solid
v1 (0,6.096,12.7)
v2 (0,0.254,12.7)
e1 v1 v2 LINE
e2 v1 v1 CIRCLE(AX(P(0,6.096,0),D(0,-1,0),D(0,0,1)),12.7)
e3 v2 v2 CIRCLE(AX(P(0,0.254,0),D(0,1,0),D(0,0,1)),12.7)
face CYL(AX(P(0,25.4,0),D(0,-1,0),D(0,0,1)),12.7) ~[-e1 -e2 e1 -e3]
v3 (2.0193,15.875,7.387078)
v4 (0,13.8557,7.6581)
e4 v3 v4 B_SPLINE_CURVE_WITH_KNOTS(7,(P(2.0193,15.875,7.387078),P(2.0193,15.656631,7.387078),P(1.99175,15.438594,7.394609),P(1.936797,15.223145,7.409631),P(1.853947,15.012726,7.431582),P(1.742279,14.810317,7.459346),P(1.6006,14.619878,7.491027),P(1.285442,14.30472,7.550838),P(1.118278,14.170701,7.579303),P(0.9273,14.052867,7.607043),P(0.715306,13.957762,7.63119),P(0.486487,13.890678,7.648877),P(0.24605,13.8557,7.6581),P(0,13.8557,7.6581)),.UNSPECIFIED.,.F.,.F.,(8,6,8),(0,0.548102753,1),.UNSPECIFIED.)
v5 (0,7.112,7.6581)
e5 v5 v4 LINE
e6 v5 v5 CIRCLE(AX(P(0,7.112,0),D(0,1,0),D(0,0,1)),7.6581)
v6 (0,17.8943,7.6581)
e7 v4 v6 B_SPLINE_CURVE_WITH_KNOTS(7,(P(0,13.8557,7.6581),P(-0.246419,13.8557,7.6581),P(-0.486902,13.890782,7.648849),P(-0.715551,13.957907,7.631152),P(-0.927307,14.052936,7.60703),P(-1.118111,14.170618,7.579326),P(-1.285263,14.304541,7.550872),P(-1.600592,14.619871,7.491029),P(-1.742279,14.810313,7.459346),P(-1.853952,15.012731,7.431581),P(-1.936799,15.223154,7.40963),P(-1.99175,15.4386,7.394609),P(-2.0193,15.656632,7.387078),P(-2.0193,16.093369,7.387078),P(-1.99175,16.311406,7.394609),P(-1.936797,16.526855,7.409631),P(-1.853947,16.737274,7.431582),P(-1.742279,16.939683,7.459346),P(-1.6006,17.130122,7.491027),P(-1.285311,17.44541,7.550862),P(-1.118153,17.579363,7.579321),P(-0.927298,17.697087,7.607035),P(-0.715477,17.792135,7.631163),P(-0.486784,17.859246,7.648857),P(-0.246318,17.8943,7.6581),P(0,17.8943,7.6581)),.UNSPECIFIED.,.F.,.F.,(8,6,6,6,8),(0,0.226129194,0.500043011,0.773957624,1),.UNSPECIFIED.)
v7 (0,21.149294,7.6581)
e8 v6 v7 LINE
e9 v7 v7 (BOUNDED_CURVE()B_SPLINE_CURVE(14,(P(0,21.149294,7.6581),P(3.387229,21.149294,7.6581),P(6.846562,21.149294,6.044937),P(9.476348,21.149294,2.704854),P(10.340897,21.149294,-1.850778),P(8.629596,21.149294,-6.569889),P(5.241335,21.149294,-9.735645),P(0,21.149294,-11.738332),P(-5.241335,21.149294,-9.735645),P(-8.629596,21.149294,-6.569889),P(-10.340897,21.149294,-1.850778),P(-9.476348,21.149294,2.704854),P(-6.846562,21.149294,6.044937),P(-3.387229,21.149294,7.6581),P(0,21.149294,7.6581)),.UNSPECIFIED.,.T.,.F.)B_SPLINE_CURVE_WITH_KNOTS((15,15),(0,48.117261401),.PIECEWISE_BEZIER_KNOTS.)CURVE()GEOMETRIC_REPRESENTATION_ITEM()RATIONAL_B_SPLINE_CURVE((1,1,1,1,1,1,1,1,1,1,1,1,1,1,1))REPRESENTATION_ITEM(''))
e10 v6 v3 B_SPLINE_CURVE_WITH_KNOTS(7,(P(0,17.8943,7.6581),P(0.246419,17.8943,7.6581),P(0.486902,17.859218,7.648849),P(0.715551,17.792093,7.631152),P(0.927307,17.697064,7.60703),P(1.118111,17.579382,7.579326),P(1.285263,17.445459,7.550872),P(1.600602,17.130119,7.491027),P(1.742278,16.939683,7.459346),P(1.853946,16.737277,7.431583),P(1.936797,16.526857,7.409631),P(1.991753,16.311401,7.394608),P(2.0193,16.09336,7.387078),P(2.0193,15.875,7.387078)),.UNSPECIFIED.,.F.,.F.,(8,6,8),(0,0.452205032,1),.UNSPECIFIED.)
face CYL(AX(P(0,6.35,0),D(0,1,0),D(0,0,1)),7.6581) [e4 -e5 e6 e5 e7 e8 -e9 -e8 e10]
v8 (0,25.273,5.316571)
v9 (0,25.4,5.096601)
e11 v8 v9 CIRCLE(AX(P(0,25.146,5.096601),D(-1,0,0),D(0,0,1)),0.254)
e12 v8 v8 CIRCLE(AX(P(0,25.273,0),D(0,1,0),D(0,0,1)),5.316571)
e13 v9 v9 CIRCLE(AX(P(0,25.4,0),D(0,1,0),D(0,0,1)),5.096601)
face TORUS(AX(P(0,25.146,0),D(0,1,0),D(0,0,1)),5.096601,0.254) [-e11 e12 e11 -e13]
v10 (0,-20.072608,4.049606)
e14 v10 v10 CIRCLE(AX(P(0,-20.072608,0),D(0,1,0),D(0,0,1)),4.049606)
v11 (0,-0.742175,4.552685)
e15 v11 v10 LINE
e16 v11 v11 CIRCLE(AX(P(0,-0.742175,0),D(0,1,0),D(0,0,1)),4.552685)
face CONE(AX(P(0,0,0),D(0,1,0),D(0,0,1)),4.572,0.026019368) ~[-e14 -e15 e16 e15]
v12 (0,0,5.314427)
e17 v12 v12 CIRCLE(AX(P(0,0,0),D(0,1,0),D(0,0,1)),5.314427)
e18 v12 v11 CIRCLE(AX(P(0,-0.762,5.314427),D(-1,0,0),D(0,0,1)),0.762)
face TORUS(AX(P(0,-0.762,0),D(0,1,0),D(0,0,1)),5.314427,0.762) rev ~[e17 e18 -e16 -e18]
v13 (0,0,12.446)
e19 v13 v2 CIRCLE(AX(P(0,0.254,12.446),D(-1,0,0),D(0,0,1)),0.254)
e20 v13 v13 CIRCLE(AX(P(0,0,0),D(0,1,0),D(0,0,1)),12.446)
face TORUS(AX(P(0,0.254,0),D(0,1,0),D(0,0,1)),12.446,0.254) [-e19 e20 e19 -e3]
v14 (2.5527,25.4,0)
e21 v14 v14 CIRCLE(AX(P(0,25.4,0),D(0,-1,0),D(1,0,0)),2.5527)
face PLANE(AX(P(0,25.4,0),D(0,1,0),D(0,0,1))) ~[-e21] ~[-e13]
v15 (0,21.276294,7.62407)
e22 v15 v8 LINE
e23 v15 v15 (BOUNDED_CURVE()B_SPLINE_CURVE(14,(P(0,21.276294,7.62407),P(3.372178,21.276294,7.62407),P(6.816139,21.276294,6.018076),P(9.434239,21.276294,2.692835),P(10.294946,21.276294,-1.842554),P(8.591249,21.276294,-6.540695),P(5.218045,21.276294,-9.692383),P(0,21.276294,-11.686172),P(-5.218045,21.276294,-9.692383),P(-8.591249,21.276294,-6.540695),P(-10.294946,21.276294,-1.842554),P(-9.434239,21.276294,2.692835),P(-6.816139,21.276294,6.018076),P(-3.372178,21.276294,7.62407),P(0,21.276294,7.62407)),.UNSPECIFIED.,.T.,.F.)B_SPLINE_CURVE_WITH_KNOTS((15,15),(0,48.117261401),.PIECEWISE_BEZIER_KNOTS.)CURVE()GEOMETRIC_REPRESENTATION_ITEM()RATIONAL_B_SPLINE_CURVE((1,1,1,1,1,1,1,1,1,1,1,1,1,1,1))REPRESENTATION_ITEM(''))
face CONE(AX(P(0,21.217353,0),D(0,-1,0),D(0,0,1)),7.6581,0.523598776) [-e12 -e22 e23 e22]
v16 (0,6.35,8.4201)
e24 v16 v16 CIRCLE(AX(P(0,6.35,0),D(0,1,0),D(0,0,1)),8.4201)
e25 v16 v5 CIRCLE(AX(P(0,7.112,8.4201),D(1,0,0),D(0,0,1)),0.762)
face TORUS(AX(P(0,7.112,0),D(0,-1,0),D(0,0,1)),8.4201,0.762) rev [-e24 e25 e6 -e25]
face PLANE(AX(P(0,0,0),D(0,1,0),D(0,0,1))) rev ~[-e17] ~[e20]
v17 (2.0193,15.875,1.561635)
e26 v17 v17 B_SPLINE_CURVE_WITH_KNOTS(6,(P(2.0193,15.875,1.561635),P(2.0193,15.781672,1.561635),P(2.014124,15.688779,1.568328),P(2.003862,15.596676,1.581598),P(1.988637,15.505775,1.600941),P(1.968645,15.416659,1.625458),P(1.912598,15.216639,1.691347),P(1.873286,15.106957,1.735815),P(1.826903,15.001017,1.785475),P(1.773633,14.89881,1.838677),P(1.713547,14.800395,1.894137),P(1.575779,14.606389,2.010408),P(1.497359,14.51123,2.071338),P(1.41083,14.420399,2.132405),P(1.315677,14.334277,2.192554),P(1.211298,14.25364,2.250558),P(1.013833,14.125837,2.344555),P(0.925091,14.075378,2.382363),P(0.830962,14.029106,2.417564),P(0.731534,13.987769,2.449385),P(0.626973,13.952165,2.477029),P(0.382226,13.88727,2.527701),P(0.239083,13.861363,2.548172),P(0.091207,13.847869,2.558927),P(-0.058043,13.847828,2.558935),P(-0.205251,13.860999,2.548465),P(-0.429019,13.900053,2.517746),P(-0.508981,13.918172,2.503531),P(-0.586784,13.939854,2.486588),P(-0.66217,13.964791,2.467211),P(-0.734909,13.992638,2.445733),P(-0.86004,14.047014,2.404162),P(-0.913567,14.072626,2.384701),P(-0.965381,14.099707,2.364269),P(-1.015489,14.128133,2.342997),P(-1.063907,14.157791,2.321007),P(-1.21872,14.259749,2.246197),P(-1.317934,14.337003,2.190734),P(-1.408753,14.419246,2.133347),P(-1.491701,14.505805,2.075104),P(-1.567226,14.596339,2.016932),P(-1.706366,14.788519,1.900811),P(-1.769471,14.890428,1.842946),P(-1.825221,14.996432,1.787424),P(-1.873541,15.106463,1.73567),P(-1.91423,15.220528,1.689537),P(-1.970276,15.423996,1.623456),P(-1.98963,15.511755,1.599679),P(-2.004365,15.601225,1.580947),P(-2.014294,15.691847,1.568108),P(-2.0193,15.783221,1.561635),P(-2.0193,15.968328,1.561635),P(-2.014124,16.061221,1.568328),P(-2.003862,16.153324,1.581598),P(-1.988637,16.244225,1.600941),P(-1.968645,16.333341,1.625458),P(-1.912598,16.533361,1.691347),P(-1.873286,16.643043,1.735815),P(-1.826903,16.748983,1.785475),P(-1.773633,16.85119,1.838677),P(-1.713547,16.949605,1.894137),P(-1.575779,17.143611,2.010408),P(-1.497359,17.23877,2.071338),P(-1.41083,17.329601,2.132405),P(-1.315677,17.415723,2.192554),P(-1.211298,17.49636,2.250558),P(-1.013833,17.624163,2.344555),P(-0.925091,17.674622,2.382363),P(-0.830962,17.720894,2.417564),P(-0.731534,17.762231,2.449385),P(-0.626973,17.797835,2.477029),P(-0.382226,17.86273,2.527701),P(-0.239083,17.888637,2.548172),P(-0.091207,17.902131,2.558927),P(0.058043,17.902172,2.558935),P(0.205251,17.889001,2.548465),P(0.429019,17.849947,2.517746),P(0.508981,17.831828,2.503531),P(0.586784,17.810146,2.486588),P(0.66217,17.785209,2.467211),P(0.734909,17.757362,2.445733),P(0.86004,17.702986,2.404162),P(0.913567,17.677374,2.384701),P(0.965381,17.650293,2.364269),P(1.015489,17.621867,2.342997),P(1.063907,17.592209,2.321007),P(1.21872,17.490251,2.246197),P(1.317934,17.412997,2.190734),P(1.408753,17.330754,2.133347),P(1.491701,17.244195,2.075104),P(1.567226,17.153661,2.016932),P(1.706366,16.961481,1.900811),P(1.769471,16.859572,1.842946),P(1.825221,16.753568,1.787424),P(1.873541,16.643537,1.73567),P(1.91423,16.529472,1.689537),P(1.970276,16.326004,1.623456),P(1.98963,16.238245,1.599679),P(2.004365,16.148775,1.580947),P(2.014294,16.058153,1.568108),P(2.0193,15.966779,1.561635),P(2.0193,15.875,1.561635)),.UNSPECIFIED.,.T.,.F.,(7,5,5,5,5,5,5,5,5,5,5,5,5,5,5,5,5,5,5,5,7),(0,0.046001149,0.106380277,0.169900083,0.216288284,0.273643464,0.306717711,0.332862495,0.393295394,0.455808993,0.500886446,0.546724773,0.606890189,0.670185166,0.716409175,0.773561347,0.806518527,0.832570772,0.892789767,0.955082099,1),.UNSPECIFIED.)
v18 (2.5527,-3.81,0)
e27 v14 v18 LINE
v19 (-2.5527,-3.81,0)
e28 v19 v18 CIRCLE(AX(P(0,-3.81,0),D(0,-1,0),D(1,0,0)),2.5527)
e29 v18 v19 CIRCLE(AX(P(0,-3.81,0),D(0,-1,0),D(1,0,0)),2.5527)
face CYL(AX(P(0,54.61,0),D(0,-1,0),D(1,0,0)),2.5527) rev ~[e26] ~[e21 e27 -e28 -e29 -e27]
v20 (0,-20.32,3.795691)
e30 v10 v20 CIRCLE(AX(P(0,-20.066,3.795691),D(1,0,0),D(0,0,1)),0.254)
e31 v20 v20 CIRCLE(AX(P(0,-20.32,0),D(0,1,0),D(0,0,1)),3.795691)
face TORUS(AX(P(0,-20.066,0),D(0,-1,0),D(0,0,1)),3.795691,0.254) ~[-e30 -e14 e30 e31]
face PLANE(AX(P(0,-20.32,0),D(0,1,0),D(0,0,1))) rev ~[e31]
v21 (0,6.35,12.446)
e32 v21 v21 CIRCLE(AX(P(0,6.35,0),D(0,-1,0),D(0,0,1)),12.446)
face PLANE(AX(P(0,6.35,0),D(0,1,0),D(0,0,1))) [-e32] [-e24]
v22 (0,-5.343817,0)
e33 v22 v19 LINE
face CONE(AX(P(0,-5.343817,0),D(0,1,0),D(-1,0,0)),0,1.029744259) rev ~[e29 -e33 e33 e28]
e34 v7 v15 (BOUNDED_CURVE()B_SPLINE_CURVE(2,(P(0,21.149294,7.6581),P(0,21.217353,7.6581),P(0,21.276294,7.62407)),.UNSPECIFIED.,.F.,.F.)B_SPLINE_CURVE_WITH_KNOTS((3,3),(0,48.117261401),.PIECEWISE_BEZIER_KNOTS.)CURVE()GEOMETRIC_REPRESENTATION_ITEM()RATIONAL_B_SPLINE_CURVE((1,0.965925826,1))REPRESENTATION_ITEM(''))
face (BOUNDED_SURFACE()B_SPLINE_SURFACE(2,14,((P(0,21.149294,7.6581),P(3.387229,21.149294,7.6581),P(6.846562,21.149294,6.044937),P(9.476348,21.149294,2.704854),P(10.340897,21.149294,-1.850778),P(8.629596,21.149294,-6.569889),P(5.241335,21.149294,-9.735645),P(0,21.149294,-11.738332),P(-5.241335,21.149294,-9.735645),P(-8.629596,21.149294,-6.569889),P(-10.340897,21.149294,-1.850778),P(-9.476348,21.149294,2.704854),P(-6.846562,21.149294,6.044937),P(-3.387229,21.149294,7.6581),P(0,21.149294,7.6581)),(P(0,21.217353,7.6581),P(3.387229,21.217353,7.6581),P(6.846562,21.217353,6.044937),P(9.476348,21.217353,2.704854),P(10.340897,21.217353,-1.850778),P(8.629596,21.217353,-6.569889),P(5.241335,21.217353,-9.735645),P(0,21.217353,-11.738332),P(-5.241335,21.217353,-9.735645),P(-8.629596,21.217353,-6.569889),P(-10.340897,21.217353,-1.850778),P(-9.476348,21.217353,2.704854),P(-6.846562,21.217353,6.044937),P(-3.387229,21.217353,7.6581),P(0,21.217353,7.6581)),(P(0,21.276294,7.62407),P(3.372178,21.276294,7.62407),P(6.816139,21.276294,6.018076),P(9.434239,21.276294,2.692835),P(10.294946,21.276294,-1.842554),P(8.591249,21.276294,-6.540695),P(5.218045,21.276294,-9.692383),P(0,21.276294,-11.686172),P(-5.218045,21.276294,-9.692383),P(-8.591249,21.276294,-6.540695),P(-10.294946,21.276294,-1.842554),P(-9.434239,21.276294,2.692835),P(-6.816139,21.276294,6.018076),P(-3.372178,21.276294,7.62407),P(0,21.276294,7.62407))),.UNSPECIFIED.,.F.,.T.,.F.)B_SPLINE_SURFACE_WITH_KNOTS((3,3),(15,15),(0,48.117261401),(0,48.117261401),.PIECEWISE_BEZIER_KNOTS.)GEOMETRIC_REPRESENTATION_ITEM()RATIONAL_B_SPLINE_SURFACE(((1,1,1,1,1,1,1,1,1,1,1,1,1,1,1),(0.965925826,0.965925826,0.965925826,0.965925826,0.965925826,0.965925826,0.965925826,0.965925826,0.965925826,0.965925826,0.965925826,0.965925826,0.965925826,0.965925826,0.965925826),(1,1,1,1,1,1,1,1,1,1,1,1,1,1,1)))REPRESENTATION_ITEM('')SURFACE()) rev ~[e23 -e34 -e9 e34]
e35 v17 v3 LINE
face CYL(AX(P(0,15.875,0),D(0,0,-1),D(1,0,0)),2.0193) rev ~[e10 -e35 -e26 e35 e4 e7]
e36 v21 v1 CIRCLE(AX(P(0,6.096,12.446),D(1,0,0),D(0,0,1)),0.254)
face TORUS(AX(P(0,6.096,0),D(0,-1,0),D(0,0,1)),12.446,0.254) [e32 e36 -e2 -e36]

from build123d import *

# Parameters (mm, degrees)
F2_R      = 0.762
F3_R      = 0.254
F6_R      = 0.762
F7_R      = 0.254
F9_D      = 5.1054
F9_DEPTH  = 29.21
F9_TIP    = 1.5338169022
F11_D     = 4.0386
F11_DEPTH = 20.79625
F11_TIP   = 1.213317848


with BuildPart() as f1:
    # F0 (on Right) → F1 (revolve)
    with BuildSketch(Plane.YZ):
        Polygon((-20.32, 0), (25.4, 0), (25.4, 12.7), (0, 12.7), (0, 4.572), (-20.32, 4.0431670856), align=None)
    revolve(axis=Axis((0, 2.54, 0), (0, 1, 0)))

    # F2
    f2_edges = [f1.edges().sort_by_distance(p)[0] for p in [
        (0, 0, -4.572),
    ]]
    fillet(f2_edges, radius=F2_R)

    # F3
    f3_edges = [f1.edges().sort_by_distance(p)[0] for p in [
        (0, 0, -12.7),
        (0, 25.4, -12.7),
        (0, -20.32, -4.043167),
    ]]
    fillet(f3_edges, radius=F3_R)

    # F4 (on Right) → F5 (revolve, cut)
    with BuildSketch(Plane.YZ):
        Polygon((25.4, 19.05), (6.35, 19.05), (6.35, 7.6581), (21.2173533836, 7.6581), (25.4, 5.2432478501), align=None)
    revolve(axis=Axis((0, 4.037976265, 0), (0, 1, 0)), mode=Mode.SUBTRACT)

    # F6
    f6_edges = [f1.edges().sort_by_distance(p)[0] for p in [
        (0, 6.35, -7.6581),
    ]]
    fillet(f6_edges, radius=F6_R)

    # F7
    f7_edges = [f1.edges().sort_by_distance(p)[0] for p in [
        (0, 6.35, -12.7),
        (0, 21.217353, -7.6581),
        (0, 25.4, -5.243248),
    ]]
    fillet(f7_edges, radius=F7_R)

    # F9
    with Locations(Plane(origin=(0, 25.4, 0), x_dir=(-1, 0, 0), z_dir=(0, 1, 0))):
        with Locations((0, 0)):
            Hole(F9_D / 2, depth=F9_DEPTH)
            with Locations((0, 0, -(F9_DEPTH + F9_TIP / 2))):  # 118° drill point
                Cone(0, F9_D / 2, F9_TIP, mode=Mode.SUBTRACT)

    # F11 (one way)
    with BuildSketch(Plane(origin=(0, 0, 0), x_dir=(1, 0, 0), z_dir=(0, 0, -1))):
        with Locations((0, -15.875)):
            Circle(F11_D / 2)
    extrude(amount=-F11_DEPTH, mode=Mode.SUBTRACT)
    with Locations(Plane(origin=(0, 0, 0), x_dir=(1, 0, 0), z_dir=(0, 0, -1))):
        with Locations((0, -15.875)):
            with Locations((0, 0, -(F11_DEPTH + F11_TIP / 2))):  # 118° drill point
                Cone(0, F11_D / 2, F11_TIP, mode=Mode.SUBTRACT)


solid = f1.part
